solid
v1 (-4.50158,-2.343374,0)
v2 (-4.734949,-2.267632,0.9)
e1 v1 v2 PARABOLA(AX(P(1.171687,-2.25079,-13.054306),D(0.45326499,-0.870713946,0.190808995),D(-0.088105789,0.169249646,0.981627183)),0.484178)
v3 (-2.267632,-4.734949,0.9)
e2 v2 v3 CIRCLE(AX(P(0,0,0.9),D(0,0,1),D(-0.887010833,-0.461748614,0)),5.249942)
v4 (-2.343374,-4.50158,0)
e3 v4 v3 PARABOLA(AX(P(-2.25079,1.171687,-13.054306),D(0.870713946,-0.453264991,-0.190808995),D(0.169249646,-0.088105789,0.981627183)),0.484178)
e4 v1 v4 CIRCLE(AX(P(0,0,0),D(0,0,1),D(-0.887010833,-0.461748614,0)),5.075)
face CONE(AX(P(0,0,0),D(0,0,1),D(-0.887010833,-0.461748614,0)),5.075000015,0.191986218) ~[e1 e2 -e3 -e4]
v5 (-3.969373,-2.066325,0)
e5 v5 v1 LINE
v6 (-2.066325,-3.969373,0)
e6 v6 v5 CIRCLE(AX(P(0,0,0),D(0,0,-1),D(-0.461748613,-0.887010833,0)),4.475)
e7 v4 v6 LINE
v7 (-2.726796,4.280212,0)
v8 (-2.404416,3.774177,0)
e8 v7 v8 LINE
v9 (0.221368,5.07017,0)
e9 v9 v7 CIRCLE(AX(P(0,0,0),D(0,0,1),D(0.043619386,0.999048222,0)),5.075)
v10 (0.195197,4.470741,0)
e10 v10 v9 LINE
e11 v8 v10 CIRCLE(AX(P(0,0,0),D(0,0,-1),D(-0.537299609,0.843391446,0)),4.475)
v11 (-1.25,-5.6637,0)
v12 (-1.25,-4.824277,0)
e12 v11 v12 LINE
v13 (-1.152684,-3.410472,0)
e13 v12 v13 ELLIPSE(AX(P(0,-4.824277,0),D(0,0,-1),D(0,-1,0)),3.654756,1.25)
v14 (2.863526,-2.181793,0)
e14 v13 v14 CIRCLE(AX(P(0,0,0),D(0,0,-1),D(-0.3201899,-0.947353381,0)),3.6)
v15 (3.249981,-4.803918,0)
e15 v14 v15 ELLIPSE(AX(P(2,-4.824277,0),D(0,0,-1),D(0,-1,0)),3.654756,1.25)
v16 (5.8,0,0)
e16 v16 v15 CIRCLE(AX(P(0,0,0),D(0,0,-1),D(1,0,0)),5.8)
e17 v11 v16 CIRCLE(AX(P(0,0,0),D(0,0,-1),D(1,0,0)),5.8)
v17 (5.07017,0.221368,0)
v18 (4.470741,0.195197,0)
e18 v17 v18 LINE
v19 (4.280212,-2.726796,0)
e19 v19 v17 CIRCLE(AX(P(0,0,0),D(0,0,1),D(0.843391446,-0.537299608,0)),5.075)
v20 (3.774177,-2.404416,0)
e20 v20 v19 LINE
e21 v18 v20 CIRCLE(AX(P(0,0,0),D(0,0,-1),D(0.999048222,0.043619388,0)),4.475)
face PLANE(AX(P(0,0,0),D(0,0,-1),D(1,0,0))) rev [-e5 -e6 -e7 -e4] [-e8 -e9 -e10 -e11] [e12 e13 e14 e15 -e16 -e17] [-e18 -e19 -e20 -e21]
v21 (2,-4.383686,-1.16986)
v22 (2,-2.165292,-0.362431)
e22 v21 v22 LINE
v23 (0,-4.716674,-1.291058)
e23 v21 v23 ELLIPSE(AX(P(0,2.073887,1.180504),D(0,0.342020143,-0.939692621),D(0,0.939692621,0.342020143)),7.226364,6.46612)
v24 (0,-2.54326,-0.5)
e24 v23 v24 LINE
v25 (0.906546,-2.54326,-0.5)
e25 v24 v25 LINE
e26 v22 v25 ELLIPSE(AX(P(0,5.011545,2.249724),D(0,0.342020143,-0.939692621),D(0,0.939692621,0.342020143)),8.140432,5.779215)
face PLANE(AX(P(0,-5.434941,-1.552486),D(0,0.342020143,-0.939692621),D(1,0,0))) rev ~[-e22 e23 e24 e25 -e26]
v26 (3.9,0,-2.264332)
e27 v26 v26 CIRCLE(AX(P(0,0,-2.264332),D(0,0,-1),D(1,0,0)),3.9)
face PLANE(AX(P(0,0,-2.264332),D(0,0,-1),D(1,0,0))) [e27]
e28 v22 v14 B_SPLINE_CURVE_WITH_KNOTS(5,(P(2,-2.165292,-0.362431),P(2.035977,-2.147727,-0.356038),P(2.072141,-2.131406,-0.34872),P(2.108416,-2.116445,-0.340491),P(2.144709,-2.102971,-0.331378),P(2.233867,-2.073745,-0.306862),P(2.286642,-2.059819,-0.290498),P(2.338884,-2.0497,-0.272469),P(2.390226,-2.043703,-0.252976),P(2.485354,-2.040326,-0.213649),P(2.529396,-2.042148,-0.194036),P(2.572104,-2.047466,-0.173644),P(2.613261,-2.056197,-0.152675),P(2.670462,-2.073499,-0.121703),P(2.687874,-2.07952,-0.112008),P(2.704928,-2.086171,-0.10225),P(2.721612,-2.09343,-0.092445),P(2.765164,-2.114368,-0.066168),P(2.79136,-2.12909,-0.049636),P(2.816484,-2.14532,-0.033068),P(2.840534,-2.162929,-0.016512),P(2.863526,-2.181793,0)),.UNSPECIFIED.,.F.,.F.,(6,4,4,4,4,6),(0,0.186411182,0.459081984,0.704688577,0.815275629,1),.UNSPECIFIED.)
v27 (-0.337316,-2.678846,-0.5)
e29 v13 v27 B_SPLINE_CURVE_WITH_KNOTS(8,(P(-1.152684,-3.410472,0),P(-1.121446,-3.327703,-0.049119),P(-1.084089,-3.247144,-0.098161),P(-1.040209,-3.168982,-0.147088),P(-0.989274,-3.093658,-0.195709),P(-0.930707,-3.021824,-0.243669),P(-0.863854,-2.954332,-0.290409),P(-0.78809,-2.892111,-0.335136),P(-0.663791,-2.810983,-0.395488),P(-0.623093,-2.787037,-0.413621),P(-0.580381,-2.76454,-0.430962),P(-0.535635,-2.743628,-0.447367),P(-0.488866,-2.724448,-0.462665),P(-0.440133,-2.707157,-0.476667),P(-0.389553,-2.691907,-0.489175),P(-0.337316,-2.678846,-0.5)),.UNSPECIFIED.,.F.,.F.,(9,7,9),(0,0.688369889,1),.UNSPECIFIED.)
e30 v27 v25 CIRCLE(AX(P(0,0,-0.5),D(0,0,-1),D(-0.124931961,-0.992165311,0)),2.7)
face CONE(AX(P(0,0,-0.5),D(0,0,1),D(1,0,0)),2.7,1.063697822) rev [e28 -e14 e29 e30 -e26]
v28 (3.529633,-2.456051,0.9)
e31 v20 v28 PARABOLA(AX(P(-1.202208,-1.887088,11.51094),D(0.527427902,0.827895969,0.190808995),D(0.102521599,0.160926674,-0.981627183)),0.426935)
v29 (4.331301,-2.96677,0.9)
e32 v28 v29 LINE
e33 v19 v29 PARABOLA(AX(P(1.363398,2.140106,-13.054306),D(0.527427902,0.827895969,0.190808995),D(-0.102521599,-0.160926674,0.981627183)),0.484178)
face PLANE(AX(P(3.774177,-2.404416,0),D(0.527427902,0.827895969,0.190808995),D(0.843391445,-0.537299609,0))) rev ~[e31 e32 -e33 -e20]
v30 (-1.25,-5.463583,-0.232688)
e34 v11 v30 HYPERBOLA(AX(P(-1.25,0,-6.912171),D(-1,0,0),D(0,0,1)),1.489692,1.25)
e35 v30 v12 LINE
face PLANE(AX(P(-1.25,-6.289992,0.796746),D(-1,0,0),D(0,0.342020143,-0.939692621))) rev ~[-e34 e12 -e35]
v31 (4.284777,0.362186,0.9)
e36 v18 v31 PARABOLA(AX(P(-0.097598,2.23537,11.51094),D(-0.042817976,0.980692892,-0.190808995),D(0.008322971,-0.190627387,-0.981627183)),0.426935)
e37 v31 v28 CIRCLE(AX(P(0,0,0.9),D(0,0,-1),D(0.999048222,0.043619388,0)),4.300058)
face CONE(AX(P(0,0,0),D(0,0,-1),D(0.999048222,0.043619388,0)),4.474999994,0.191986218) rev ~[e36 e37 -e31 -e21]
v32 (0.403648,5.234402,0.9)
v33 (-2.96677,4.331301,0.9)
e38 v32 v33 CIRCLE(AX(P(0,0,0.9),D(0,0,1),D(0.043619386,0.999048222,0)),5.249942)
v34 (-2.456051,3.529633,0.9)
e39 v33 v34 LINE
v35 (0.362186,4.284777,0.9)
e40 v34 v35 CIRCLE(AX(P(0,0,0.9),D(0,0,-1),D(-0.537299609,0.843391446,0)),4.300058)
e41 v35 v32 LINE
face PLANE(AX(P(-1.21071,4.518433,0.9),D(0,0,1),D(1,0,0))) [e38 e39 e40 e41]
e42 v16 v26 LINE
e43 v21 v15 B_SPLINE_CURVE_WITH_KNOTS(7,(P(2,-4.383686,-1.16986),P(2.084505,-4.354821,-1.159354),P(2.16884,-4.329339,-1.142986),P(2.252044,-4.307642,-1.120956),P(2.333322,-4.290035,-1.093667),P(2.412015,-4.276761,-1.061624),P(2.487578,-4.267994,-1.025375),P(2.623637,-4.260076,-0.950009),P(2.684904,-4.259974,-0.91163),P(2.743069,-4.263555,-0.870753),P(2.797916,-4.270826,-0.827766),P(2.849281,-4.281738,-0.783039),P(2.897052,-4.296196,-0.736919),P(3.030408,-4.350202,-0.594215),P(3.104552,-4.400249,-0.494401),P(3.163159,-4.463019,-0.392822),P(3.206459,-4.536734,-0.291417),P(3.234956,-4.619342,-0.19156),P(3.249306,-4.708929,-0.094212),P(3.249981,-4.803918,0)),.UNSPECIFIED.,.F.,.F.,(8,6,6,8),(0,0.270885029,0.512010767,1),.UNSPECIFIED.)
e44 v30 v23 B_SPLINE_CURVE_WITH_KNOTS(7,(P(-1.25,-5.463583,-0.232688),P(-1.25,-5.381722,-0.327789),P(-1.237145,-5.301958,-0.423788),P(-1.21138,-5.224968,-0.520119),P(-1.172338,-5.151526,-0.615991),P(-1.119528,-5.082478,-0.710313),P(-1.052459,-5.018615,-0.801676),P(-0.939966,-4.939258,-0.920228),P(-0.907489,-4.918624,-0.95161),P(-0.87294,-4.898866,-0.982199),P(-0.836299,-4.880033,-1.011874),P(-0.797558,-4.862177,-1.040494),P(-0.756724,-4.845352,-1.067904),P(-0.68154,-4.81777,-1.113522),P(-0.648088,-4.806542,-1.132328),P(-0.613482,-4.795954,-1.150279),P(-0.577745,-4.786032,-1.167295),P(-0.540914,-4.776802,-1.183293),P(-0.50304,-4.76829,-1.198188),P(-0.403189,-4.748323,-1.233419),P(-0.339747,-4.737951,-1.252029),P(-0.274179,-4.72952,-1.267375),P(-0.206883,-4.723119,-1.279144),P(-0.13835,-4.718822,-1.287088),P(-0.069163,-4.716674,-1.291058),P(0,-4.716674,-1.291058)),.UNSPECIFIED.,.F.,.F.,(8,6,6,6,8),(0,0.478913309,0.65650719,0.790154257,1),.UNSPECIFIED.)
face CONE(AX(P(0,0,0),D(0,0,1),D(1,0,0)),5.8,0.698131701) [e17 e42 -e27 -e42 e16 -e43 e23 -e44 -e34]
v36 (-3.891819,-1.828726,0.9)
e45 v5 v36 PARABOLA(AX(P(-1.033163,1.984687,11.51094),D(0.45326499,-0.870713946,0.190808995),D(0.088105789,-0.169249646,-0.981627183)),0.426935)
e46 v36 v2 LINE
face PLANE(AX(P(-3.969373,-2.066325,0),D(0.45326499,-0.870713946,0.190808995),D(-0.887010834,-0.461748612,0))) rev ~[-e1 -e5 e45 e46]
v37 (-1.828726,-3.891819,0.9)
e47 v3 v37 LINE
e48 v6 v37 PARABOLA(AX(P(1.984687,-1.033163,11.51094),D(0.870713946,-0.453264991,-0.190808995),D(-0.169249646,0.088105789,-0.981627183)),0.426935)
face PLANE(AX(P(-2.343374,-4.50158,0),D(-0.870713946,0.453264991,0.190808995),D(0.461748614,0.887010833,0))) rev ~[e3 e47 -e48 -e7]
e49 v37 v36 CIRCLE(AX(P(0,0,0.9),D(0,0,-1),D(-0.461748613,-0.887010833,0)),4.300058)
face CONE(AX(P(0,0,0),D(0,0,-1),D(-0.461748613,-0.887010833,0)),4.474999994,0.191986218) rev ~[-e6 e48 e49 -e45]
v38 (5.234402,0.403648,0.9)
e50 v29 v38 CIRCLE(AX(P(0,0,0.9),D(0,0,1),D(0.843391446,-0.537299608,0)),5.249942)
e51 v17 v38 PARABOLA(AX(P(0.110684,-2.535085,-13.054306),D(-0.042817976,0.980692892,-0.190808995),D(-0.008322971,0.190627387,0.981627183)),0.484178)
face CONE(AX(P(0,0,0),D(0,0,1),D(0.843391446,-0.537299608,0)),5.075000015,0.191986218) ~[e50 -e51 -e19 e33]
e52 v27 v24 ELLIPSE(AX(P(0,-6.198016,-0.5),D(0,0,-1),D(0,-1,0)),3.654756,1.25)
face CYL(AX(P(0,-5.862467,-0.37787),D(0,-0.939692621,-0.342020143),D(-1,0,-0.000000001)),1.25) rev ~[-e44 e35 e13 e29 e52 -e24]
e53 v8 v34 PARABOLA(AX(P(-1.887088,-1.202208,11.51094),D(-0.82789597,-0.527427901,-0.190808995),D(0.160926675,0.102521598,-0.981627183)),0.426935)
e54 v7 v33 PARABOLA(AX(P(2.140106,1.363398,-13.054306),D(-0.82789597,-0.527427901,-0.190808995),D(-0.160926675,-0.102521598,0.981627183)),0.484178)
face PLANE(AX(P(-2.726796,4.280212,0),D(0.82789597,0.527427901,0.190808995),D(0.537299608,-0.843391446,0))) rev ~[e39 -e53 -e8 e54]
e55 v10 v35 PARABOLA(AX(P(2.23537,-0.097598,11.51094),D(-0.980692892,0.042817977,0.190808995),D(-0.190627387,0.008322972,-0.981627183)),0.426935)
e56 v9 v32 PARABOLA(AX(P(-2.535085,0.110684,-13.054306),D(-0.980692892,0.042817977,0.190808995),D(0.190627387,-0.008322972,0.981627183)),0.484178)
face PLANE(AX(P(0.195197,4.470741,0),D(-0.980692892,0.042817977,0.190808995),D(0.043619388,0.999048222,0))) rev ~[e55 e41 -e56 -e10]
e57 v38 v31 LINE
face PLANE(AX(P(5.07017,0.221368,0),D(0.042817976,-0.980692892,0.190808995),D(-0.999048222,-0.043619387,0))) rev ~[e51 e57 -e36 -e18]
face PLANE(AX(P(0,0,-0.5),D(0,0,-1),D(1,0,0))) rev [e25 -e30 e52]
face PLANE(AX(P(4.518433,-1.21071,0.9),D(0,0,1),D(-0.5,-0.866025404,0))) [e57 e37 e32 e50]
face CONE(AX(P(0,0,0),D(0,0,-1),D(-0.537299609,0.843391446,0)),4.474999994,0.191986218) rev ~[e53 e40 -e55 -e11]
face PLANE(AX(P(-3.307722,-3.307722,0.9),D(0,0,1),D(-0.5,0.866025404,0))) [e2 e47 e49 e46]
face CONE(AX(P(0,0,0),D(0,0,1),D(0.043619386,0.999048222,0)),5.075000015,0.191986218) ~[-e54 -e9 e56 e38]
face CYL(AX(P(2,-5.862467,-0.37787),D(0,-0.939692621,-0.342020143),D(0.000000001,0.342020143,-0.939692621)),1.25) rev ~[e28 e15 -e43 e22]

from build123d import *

# Parameters (mm, degrees)
BOSS_EXTRUDE1_DEPTH      = 0.9
BOSS_EXTRUDE1_DRAFT      = -11
CIRPATTERN1_COPY_1_DEPTH = 0.9
CIRPATTERN1_COPY_1_DRAFT = -11
CIRPATTERN1_COPY_2_DEPTH = 0.9
CIRPATTERN1_COPY_2_DRAFT = -11
CUT_EXTRUDE2_REACH       = 14.838


with BuildPart() as part:
    # Sketch1 → Revolve1 (revolve)
    with BuildSketch(Plane(origin=(0, 0, 0), x_dir=(0, 0, -1), z_dir=(1, 0, 0)), mode=Mode.PRIVATE) as revolve1_sk:
        Polygon((0, 5.8), (2.264331826, 3.9), (2.264331826, 0), (0.5, 0), (0.5, 2.7), (0, 3.6), align=None)
    revolve(revolve1_sk.sketch.rotate(Axis((0, 0, 0), (0, 0, -1)), 90), axis=Axis((0, 0, 0), (0, 0, -1)))


with BuildPart() as boss_extrude1_tool:
    # Sketch7 → Boss-Extrude1 (with draft: the straight prism first)
    with BuildSketch(Plane.XY):
        with BuildLine():
            Line((-2.726795512, 4.280211588), (-2.404415747, 3.77417672))
            ThreePointArc((-2.404415747, 3.77417672), (-1.158215227, 4.322518073), (0.195196758, 4.470740792))
            Line((0.195196758, 4.470740792), (0.221368391, 5.070169725))
            ThreePointArc((0.221368391, 5.070169725), (-1.313506654, 4.902073568), (-2.726795512, 4.280211588))
        make_face()
    extrude(amount=BOSS_EXTRUDE1_DEPTH)
    # Boss-Extrude1: the draft: its side faces are tilted about the plane it starts from
    boss_extrude1_sides = [boss_extrude1_tool.faces().sort_by_distance(p)[0] for p in [
        (0.208282575, 4.770455258, 0.45),
        (-1.313506654, 4.902073568, 0.45),
        (-2.56560563, 4.027194154, 0.45),
        (-1.158215227, 4.322518073, 0.45),
    ]]
    draft(boss_extrude1_sides, Plane.XY, BOSS_EXTRUDE1_DRAFT)


with BuildPart() as part_1:
    add(part.part)

    # Boss-Extrude1: add boss_extrude1_tool
    add(boss_extrude1_tool.part)


with BuildPart() as cirpattern1_copy_1_tool:
    # CirPattern1 copy 1 sketch → CirPattern1 copy 1 (with draft: the straight prism first)
    with BuildSketch(Plane(origin=(0, 0, 0), x_dir=(-0.4999999999999998, 0.8660254037844387, 0), z_dir=(0, 0, 1))):
        with BuildLine():
            Line((-2.726795512, 4.280211588), (-2.404415747, 3.77417672))
            ThreePointArc((-2.404415747, 3.77417672), (-1.158215227, 4.322518073), (0.195196758, 4.470740792))
            Line((0.195196758, 4.470740792), (0.221368391, 5.070169725))
            ThreePointArc((0.221368391, 5.070169725), (-1.313506654, 4.902073568), (-2.726795512, 4.280211588))
        make_face()
    extrude(amount=CIRPATTERN1_COPY_1_DEPTH)
    # CirPattern1 copy 1: the draft: its side faces are tilted about the plane it starts from
    cirpattern1_copy_1_sides = [cirpattern1_copy_1_tool.faces().sort_by_distance(p)[0] for p in [
        (-4.235476729, -2.204849628, 0.45),
        (-3.588566914, -3.588566914, 0.45),
        (-2.204849628, -4.235476729, 0.45),
        (-3.164302846, -3.164302846, 0.45),
    ]]
    draft(cirpattern1_copy_1_sides, Plane(origin=(0, 0, 0), x_dir=(-0.4999999999999998, 0.8660254037844387, 0), z_dir=(0, 0, 1)), CIRPATTERN1_COPY_1_DRAFT)


with BuildPart() as part_2:
    add(part_1.part)

    # CirPattern1 copy 1: add cirpattern1_copy_1_tool
    add(cirpattern1_copy_1_tool.part)


with BuildPart() as cirpattern1_copy_2_tool:
    # CirPattern1 copy 2 sketch → CirPattern1 copy 2 (with draft: the straight prism first)
    with BuildSketch(Plane(origin=(0, 0, 0), x_dir=(-0.5000000000000004, -0.8660254037844384, 0), z_dir=(0, 0, 1))):
        with BuildLine():
            Line((-2.726795512, 4.280211588), (-2.404415747, 3.77417672))
            ThreePointArc((-2.404415747, 3.77417672), (-1.158215227, 4.322518073), (0.195196758, 4.470740792))
            Line((0.195196758, 4.470740792), (0.221368391, 5.070169725))
            ThreePointArc((0.221368391, 5.070169725), (-1.313506654, 4.902073568), (-2.726795512, 4.280211588))
        make_face()
    extrude(amount=CIRPATTERN1_COPY_2_DEPTH)
    # CirPattern1 copy 2: the draft: its side faces are tilted about the plane it starts from
    cirpattern1_copy_2_sides = [cirpattern1_copy_2_tool.faces().sort_by_distance(p)[0] for p in [
        (4.027194154, -2.56560563, 0.45),
        (4.902073568, -1.313506654, 0.45),
        (4.770455258, 0.208282575, 0.45),
        (4.322518073, -1.158215227, 0.45),
    ]]
    draft(cirpattern1_copy_2_sides, Plane(origin=(0, 0, 0), x_dir=(-0.5000000000000004, -0.8660254037844384, 0), z_dir=(0, 0, 1)), CIRPATTERN1_COPY_2_DRAFT)


with BuildPart() as part_3:
    add(part_2.part)

    # CirPattern1 copy 2: add cirpattern1_copy_2_tool
    add(cirpattern1_copy_2_tool.part)

    # Sketch11 → Cut-Extrude2 (cut, up to next)
    with BuildSketch(Plane(origin=(0, -5.298133329, -1.928362829), x_dir=(-1, 0, 0), z_dir=(0, -0.9396926207859081, -0.34202014332566943)), mode=Mode.PRIVATE) as cut_extrude2_sk1:
        with BuildLine():
            Line((0, -0.4), (-2, -0.4))
            ThreePointArc((-2, -0.4), (-2.883883476, -0.766116524), (-3.25, -1.65))
            Line((-3.25, -1.65), (-3.25, -2.9))
            Line((-3.25, -2.9), (-2, -2.9))
            Line((-2, -2.9), (0, -2.9))
            Line((0, -2.9), (1.25, -2.9))
            Line((1.25, -2.9), (1.25, -1.65))
            ThreePointArc((1.25, -1.65), (0.883883476, -0.766116524), (0, -0.4))
        make_face()
    cut_extrude2_tool1 = extrude(cut_extrude2_sk1.sketch, amount=-CUT_EXTRUDE2_REACH, mode=Mode.PRIVATE) & part_3.part
    add(cut_extrude2_tool1.solids().sort_by_distance((1, -5.883514, -0.320042))[0], mode=Mode.SUBTRACT)


solid = part_3.part
